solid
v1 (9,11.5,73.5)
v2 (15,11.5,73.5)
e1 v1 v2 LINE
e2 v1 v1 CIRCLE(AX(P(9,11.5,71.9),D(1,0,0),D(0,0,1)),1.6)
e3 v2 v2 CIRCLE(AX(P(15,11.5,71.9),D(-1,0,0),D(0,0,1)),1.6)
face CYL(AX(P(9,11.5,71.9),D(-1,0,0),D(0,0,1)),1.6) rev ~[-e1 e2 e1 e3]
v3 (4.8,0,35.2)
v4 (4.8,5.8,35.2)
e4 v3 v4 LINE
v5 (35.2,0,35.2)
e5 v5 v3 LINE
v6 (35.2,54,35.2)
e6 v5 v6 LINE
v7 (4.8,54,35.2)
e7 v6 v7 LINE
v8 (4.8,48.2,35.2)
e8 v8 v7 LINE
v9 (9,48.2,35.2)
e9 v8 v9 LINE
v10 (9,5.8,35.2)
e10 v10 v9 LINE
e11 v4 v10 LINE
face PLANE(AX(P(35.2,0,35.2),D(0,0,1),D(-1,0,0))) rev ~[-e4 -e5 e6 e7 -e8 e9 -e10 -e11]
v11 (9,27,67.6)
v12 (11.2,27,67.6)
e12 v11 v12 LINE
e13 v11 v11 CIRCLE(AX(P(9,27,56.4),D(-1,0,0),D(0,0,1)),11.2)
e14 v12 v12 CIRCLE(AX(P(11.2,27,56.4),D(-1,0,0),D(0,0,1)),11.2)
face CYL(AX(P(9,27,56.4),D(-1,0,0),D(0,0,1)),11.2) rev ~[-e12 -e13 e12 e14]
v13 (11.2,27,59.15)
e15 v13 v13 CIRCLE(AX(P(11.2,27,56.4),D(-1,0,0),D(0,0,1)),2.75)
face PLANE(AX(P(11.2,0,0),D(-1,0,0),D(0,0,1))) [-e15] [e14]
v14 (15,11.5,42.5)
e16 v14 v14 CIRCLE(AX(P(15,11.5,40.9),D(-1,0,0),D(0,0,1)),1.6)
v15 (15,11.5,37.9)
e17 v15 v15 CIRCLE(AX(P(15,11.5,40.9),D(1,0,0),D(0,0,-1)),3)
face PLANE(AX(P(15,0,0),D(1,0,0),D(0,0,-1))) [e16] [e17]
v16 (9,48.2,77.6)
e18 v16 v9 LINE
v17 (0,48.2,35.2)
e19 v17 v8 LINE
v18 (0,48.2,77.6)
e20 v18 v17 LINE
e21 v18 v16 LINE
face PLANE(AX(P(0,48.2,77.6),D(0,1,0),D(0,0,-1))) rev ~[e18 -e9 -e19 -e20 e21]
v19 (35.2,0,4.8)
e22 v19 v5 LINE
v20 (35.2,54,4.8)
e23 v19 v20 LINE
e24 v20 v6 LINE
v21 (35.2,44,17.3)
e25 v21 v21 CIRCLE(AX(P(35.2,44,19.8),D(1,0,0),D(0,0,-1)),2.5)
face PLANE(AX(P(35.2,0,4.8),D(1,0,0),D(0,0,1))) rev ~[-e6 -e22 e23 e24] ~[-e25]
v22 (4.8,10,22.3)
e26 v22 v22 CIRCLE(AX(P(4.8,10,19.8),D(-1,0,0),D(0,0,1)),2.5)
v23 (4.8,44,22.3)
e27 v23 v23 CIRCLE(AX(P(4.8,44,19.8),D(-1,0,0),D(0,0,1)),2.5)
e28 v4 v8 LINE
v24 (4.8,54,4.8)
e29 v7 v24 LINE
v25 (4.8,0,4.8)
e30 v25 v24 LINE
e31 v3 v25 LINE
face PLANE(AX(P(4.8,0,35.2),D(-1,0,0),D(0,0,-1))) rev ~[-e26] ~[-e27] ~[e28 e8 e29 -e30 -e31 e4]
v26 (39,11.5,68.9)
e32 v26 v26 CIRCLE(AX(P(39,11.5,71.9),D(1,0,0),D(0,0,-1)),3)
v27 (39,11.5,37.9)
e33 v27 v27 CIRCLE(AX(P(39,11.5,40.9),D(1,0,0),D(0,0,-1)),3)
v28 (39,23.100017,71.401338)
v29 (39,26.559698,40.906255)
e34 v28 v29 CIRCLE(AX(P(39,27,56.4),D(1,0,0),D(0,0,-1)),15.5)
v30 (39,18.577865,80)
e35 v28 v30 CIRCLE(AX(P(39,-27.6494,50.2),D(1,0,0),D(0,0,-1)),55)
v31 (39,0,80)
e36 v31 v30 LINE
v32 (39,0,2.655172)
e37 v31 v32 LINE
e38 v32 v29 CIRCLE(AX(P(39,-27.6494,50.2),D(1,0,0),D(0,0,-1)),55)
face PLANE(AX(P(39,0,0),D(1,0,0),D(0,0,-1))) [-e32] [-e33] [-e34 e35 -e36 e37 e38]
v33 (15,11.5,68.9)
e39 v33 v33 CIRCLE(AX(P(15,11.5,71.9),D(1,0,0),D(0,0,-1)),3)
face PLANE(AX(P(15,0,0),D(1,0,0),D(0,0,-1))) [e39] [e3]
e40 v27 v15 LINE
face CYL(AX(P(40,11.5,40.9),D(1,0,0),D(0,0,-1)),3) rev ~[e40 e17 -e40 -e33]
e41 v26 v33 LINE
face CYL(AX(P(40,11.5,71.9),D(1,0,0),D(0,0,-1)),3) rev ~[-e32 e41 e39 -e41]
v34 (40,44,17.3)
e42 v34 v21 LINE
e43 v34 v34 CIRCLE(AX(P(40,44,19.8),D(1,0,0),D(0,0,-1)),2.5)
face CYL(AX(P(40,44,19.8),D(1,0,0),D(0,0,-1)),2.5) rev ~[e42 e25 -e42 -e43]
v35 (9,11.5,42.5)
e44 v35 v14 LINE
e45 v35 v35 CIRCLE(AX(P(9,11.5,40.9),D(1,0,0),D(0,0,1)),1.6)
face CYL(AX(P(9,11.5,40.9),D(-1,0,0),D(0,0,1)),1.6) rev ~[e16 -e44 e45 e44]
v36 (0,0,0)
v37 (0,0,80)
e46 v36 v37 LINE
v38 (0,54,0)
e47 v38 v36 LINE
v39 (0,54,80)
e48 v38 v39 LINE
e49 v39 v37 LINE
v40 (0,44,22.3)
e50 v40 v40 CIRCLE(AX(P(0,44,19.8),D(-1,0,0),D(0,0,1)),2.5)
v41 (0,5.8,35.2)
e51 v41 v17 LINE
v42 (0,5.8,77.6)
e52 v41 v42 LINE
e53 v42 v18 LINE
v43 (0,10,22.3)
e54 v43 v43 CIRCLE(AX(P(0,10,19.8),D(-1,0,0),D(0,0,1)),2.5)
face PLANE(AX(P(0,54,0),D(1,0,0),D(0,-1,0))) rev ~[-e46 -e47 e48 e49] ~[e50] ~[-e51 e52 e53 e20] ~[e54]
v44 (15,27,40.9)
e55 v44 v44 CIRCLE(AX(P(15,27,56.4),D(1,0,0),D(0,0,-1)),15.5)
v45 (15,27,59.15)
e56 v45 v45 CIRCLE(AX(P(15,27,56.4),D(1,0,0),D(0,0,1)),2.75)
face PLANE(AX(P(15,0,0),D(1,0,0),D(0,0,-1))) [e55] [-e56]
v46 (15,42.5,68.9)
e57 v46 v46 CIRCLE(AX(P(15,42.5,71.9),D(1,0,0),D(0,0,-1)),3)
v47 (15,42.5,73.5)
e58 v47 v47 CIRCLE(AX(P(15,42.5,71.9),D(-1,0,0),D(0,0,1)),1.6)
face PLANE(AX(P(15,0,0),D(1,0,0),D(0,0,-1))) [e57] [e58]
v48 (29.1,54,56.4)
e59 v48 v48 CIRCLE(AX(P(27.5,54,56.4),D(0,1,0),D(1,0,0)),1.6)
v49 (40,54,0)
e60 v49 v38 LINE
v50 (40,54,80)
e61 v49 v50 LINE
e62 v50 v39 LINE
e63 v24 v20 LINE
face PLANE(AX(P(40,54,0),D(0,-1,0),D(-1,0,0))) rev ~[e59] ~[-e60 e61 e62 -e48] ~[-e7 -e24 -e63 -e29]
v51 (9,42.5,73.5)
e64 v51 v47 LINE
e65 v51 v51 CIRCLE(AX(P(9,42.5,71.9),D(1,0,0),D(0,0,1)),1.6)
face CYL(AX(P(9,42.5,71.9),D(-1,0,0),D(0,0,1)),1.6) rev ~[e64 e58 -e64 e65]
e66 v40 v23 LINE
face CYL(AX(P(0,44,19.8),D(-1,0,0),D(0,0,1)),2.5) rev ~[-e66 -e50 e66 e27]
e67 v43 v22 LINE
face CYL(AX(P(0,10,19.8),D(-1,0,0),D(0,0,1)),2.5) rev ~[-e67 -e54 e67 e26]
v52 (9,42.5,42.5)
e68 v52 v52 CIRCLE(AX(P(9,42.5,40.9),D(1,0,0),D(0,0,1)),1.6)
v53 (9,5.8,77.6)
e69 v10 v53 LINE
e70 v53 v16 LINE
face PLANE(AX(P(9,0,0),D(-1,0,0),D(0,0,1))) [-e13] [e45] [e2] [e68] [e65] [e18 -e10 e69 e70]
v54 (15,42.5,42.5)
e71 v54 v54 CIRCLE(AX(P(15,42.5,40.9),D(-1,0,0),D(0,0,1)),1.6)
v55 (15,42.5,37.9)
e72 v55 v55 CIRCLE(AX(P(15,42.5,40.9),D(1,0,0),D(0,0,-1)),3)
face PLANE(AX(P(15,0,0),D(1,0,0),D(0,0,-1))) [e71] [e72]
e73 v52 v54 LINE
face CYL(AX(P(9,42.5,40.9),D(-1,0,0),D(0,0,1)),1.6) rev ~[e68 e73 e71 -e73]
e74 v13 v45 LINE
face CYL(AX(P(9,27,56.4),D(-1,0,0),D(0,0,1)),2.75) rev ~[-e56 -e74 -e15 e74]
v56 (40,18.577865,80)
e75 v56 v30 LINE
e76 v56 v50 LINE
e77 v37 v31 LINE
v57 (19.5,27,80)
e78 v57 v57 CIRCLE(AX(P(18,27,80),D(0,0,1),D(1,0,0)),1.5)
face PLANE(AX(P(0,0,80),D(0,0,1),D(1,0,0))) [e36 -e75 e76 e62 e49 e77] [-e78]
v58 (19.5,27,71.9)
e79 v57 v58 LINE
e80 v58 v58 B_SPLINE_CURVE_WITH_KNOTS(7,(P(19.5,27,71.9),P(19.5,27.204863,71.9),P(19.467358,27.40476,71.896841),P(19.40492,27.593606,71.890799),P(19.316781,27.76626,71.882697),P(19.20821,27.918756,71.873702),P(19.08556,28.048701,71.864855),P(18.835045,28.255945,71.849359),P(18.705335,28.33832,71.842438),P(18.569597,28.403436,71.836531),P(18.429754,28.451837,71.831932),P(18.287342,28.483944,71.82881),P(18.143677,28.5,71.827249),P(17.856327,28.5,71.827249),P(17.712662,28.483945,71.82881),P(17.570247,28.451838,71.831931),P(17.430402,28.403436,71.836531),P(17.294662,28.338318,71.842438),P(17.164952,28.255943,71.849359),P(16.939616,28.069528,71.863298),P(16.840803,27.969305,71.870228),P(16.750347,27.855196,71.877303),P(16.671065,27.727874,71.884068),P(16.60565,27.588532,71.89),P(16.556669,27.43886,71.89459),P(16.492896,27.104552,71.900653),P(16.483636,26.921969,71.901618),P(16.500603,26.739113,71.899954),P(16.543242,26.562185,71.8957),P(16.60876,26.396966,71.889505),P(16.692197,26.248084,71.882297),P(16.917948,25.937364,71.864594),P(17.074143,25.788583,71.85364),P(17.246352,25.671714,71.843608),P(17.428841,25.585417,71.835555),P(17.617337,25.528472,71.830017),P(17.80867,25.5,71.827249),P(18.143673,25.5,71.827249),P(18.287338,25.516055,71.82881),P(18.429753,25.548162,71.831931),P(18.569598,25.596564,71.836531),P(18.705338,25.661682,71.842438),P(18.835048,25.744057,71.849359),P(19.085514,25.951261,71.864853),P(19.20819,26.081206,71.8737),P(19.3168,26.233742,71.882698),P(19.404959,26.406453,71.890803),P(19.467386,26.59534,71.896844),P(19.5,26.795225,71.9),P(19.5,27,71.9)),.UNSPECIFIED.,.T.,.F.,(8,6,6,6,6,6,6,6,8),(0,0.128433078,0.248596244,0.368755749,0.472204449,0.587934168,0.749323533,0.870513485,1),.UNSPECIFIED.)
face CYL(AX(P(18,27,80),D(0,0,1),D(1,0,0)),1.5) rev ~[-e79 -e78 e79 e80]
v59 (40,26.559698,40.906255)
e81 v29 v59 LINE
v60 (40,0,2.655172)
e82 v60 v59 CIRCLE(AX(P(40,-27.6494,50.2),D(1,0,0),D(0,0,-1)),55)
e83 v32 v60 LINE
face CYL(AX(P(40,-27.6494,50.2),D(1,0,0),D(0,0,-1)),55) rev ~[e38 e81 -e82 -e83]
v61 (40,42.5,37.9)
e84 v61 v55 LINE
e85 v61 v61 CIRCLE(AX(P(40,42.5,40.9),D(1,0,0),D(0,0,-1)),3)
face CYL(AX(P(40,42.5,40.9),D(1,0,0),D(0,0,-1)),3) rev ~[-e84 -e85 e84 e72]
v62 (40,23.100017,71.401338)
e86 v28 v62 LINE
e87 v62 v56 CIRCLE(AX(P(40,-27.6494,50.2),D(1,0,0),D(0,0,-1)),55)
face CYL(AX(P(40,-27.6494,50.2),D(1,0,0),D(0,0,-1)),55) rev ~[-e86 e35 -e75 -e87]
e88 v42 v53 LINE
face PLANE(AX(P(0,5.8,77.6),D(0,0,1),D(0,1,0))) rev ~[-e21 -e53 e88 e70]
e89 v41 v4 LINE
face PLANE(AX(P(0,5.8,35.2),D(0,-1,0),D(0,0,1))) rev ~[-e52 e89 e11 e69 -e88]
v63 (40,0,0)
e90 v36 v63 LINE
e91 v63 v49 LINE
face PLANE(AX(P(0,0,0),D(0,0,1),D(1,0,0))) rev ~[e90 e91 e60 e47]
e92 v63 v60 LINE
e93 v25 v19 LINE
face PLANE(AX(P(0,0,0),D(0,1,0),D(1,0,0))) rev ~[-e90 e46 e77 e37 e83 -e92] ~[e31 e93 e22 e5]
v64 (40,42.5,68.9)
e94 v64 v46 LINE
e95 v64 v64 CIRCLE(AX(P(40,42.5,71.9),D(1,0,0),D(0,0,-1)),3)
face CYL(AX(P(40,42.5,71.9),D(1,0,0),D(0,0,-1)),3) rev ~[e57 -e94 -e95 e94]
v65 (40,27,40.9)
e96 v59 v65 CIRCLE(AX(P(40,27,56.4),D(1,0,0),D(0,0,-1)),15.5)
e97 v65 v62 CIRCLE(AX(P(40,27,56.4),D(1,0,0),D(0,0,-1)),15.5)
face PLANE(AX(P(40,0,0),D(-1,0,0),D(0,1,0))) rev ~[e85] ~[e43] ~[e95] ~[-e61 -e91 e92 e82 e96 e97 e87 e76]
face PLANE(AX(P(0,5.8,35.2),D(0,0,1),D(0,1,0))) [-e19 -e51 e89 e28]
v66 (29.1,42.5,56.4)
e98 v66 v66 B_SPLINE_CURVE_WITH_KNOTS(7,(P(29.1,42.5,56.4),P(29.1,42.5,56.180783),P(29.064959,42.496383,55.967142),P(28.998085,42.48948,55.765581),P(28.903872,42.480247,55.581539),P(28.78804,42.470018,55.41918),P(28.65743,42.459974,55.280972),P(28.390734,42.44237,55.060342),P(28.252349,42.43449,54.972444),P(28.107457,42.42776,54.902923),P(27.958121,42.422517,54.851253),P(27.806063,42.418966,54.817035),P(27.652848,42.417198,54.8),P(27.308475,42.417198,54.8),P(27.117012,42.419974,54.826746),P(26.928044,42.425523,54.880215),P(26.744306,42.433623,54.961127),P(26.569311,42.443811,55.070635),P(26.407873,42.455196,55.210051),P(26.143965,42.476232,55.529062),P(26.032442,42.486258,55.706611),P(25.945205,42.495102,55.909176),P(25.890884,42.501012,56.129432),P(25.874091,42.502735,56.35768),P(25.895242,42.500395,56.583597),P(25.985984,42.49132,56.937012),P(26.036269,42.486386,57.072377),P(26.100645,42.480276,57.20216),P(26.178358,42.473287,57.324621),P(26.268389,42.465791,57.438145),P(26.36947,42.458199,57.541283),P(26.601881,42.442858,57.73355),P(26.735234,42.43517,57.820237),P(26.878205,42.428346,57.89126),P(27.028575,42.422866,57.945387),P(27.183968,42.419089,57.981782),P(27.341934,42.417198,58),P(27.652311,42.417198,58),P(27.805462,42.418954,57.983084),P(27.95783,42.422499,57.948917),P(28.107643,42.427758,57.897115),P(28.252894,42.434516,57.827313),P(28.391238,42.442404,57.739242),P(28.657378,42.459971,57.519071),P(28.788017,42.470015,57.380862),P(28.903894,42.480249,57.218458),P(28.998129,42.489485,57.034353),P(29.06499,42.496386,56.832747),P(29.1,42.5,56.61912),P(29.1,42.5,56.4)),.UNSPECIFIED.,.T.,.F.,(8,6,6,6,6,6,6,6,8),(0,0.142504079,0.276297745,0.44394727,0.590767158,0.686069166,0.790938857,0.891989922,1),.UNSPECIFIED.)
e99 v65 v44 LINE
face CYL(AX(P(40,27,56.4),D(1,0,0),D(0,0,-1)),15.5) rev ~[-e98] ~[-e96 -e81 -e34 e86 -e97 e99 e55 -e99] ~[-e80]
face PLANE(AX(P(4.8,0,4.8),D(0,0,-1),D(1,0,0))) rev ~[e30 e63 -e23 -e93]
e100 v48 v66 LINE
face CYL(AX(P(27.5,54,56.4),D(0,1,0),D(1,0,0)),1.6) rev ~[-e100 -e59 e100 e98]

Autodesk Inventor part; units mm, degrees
ref_plane "YZ Plane" through (0, 0, 0) normal (1, 0, 0) x (0, 1, 0)
ref_plane "XZ Plane" through (0, 0, 0) normal (0, 1, 0) x (-1, 0, 0)
ref_plane "XY Plane" through (0, 0, 0) normal (0, 0, 1) x (1, 0, 0)
sketch "Sketch1" plane through (0, 0, 0) normal (0, 0, 1) x (1, 0, 0)
  line L0 (0, 0) -> (40, 0)
  line L1 (40, 0) -> (40, 54)
  line L2 (40, 54) -> (0, 54)
  line L3 (0, 54) -> (0, 0)
  dimension "d0" = 40
  dimension "d1" = 54
extrude "Extrusion1" add sketch "Sketch1" along normal blind 80
sketch "Sketch3" plane through (0, 0, 0) normal (0, -1, 0) x (1, 0, 0)
  line L0 (4.8, 4.8) -> (35.2, 4.8)
  line L1 (35.2, 4.8) -> (35.2, 35.2)
  line L2 (35.2, 35.2) -> (4.8, 35.2)
  line L3 (4.8, 35.2) -> (4.8, 4.8)
  line L4 (0, 0) -> (40, 0) projected
  line L5 (0, 0) -> (0, 80) projected
  dimension "d7" = 30.4
  dimension "d8" = 30.4
  dimension "d9" = 4.8
  dimension "d10" = 4.8
extrude "Extrusion2" cut sketch "Sketch3" against normal blind 80
sketch "Sketch4" plane through (0, 0, 0) normal (-1, 0, 0) x (0, 0, 1)
  line L0 (35.2, 0) -> (35.2, 54) projected
  line L1 (35.2, 5.8) -> (77.6, 5.8)
  line L2 (77.6, 5.8) -> (77.6, 48.2)
  line L3 (77.6, 48.2) -> (35.2, 48.2)
  line L4 (35.2, 48.2) -> (35.2, 5.8)
  line L5 (0, 0) -> (80, 0) projected
  point P0 (35.2, 48.2)
  dimension "d13" = 42.4
  dimension "d14" = 42.4
  dimension "d15" = 5.8
extrude "Extrusion3" cut sketch "Sketch4" against normal blind 9
sketch "Sketch5" plane through (9, 0, 0) normal (-1, 0, 0) x (0, 0, 1)
  circle A0 centre (71.9, 42.5) radius 1.6
  circle A1 centre (71.9, 11.5) radius 1.6
  circle A2 centre (40.9, 42.5) radius 1.6
  circle A3 centre (40.9, 11.5) radius 1.6
  circle A4 centre (56.4, 27) radius 2.75
  line L0 (71.9, 42.5) -> (71.9, 11.5)
  line L1 (71.9, 11.5) -> (40.9, 11.5)
  line L2 (40.9, 11.5) -> (40.9, 42.5)
  line L3 (40.9, 42.5) -> (71.9, 42.5)
  line L4 (77.6, 48.2) -> (77.6, 5.8) projected
  line L5 (35.2, 48.2) -> (77.6, 48.2) projected
  point P0 (0, 0)
  dimension "d18" = 3.2
  dimension "d19" = 31
  dimension "d20" = 31
  dimension "d21" = 5.7
  dimension "d22" = 5.7
  dimension "d23" = 15.5
  dimension "d24" = 15.5
  dimension "d25" = 5.5
extrude "Extrusion4" cut sketch "Sketch5" against normal blind 40 contours A0 L0 L3 | L3 L0 A0 | L3 L2 A2 | A2 L2 L3 | L0 L1 A1 | A1 L1 L0 | L2 L1 A3 | A3 L1 L2 | A4
sketch "Sketch7" plane through (40, 0, 0) normal (1, 0, 0) x (0, 0, -1)
  circle A0 centre (-56.4, 27) radius 15.5
  circle A1 centre (-56.4, 27) radius 2.75 projected
  circle A2 centre (-71.9, 11.5) radius 1.6 projected
  circle A3 centre (-71.9, 11.5) radius 3
  circle A4 centre (-40.9, 11.5) radius 1.6 projected
  circle A5 centre (-40.9, 11.5) radius 3
  circle A6 centre (-40.9, 42.5) radius 1.6 projected
  circle A7 centre (-40.9, 42.5) radius 3
  circle A8 centre (-71.9, 42.5) radius 1.6 projected
  circle A9 centre (-71.9, 42.5) radius 3
  point P0 (0, 0)
  point P1 (-72.8896, 14.2541)
  point P2 (-68.9459, 10.3104)
  point P3 (-43.4541, 10.3104)
  point P4 (-39.5104, 14.2541)
  point P5 (-39.5104, 39.7459)
  point P6 (-43.4541, 43.6896)
  point P7 (-68.9459, 43.6896)
  point P8 (-72.8896, 39.7459)
  dimension "d28" = 31
  dimension "d29" = 6
extrude "Extrusion5" cut sketch "Sketch7" against normal blind 25 contours A0 | A2 | A3 | A4 | A5 | A6 | A7 | A8 | A9
sketch "Sketch8" plane through (0, 0, 80) normal (0, 0, 1) x (1, 0, 0)
  circle A0 centre (18, 27) radius 1.5
  line L0 (40, 54) -> (0, 54) projected
  line L1 (40, 0) -> (40, 54) projected
  line L2 (15, 24.25) -> (15, 29.75) projected
  point P0 (0, 0)
  dimension "d32" = 3
  dimension "d33" = 27
  dimension "d35" = 3
extrude "Extrusion6" cut sketch "Sketch8" against normal blind 10
sketch "Sketch9" plane through (0, 54, 0) normal (0, 1, 0) x (1, 0, 0)
  circle A0 centre (27.5, -56.4) radius 1.6
  line L0 (15, -59.15) -> (15, -53.65) projected
  line L1 (35.2, -35.2) -> (4.8, -35.2) projected
  point P0 (0, 0)
  dimension "d38" = 12.5
  dimension "d39" = 3.2
  dimension "d43" = 21.2
extrude "Extrusion7" cut sketch "Sketch9" against normal blind 20
sketch "Sketch10" plane through (40, 0, 0) normal (1, 0, 0) x (0, 0, -1)
  circle A0 centre (-50.2, -27.6494) radius 55
  circle A1 centre (-56.4, 27) radius 2.75 projected
  line L0 (-80, 0) -> (-80, 54) projected
  point P0 (0, 0)
  point P1 (-59.1239, 26.6218)
  point P2 (-53.6606, 27.2416)
  point P3 (-35.2, 54)
  dimension "d44" = 110
  dimension "d48" = 55
  dimension "d49" = 15
extrude "Extrusion8" cut sketch "Sketch10" against normal blind 1 contours A0 A1 picked at (-46.3005, -46.3752)
sketch "Sketch11" plane through (9, 0, 0) normal (-1, 0, 0) x (0, 0, 1)
  circle A0 centre (56.4, 27) radius 11.2
  circle A1 centre (56.4, 27) radius 2.75 projected
  point P0 (0, 0)
  dimension "d50" = 22.4
extrude "Extrusion9" cut sketch "Sketch11" against normal blind 2.2
sketch "Sketch12" plane through (40, 0, 0) normal (1, 0, 0) x (0, 0, -1)
  circle A0 centre (-19.8, 44) radius 2.5
  line L0 (0, 54) -> (-80, 54) projected
  point P0 (0, 0)
  point P1 (-4.8, 54)
  dimension "d53" = 15
  dimension "d54" = 5
  dimension "d55" = 10
extrude "Extrusion10" cut sketch "Sketch12" against normal blind 10
sketch "Sketch13" plane through (0, 0, 0) normal (-1, 0, 0) x (0, 0, 1)
  circle A0 centre (19.8, 44) radius 2.5 projected
  circle A1 centre (19.8, 44) radius 2.5
  circle A2 centre (19.8, 10) radius 2.5
  line L0 (0, 54) -> (80, 54) projected
  line L1 (0, 0) -> (80, 0) projected
  point P0 (4.8, 54)
  dimension "d58" = 15
  dimension "d59" = 15
  dimension "d62" = 5
  dimension "d63" = 10
extrude "Extrusion11" cut sketch "Sketch13" against normal blind 10
equation "\"d22\" = d21"
properties part number "nema_mount"
